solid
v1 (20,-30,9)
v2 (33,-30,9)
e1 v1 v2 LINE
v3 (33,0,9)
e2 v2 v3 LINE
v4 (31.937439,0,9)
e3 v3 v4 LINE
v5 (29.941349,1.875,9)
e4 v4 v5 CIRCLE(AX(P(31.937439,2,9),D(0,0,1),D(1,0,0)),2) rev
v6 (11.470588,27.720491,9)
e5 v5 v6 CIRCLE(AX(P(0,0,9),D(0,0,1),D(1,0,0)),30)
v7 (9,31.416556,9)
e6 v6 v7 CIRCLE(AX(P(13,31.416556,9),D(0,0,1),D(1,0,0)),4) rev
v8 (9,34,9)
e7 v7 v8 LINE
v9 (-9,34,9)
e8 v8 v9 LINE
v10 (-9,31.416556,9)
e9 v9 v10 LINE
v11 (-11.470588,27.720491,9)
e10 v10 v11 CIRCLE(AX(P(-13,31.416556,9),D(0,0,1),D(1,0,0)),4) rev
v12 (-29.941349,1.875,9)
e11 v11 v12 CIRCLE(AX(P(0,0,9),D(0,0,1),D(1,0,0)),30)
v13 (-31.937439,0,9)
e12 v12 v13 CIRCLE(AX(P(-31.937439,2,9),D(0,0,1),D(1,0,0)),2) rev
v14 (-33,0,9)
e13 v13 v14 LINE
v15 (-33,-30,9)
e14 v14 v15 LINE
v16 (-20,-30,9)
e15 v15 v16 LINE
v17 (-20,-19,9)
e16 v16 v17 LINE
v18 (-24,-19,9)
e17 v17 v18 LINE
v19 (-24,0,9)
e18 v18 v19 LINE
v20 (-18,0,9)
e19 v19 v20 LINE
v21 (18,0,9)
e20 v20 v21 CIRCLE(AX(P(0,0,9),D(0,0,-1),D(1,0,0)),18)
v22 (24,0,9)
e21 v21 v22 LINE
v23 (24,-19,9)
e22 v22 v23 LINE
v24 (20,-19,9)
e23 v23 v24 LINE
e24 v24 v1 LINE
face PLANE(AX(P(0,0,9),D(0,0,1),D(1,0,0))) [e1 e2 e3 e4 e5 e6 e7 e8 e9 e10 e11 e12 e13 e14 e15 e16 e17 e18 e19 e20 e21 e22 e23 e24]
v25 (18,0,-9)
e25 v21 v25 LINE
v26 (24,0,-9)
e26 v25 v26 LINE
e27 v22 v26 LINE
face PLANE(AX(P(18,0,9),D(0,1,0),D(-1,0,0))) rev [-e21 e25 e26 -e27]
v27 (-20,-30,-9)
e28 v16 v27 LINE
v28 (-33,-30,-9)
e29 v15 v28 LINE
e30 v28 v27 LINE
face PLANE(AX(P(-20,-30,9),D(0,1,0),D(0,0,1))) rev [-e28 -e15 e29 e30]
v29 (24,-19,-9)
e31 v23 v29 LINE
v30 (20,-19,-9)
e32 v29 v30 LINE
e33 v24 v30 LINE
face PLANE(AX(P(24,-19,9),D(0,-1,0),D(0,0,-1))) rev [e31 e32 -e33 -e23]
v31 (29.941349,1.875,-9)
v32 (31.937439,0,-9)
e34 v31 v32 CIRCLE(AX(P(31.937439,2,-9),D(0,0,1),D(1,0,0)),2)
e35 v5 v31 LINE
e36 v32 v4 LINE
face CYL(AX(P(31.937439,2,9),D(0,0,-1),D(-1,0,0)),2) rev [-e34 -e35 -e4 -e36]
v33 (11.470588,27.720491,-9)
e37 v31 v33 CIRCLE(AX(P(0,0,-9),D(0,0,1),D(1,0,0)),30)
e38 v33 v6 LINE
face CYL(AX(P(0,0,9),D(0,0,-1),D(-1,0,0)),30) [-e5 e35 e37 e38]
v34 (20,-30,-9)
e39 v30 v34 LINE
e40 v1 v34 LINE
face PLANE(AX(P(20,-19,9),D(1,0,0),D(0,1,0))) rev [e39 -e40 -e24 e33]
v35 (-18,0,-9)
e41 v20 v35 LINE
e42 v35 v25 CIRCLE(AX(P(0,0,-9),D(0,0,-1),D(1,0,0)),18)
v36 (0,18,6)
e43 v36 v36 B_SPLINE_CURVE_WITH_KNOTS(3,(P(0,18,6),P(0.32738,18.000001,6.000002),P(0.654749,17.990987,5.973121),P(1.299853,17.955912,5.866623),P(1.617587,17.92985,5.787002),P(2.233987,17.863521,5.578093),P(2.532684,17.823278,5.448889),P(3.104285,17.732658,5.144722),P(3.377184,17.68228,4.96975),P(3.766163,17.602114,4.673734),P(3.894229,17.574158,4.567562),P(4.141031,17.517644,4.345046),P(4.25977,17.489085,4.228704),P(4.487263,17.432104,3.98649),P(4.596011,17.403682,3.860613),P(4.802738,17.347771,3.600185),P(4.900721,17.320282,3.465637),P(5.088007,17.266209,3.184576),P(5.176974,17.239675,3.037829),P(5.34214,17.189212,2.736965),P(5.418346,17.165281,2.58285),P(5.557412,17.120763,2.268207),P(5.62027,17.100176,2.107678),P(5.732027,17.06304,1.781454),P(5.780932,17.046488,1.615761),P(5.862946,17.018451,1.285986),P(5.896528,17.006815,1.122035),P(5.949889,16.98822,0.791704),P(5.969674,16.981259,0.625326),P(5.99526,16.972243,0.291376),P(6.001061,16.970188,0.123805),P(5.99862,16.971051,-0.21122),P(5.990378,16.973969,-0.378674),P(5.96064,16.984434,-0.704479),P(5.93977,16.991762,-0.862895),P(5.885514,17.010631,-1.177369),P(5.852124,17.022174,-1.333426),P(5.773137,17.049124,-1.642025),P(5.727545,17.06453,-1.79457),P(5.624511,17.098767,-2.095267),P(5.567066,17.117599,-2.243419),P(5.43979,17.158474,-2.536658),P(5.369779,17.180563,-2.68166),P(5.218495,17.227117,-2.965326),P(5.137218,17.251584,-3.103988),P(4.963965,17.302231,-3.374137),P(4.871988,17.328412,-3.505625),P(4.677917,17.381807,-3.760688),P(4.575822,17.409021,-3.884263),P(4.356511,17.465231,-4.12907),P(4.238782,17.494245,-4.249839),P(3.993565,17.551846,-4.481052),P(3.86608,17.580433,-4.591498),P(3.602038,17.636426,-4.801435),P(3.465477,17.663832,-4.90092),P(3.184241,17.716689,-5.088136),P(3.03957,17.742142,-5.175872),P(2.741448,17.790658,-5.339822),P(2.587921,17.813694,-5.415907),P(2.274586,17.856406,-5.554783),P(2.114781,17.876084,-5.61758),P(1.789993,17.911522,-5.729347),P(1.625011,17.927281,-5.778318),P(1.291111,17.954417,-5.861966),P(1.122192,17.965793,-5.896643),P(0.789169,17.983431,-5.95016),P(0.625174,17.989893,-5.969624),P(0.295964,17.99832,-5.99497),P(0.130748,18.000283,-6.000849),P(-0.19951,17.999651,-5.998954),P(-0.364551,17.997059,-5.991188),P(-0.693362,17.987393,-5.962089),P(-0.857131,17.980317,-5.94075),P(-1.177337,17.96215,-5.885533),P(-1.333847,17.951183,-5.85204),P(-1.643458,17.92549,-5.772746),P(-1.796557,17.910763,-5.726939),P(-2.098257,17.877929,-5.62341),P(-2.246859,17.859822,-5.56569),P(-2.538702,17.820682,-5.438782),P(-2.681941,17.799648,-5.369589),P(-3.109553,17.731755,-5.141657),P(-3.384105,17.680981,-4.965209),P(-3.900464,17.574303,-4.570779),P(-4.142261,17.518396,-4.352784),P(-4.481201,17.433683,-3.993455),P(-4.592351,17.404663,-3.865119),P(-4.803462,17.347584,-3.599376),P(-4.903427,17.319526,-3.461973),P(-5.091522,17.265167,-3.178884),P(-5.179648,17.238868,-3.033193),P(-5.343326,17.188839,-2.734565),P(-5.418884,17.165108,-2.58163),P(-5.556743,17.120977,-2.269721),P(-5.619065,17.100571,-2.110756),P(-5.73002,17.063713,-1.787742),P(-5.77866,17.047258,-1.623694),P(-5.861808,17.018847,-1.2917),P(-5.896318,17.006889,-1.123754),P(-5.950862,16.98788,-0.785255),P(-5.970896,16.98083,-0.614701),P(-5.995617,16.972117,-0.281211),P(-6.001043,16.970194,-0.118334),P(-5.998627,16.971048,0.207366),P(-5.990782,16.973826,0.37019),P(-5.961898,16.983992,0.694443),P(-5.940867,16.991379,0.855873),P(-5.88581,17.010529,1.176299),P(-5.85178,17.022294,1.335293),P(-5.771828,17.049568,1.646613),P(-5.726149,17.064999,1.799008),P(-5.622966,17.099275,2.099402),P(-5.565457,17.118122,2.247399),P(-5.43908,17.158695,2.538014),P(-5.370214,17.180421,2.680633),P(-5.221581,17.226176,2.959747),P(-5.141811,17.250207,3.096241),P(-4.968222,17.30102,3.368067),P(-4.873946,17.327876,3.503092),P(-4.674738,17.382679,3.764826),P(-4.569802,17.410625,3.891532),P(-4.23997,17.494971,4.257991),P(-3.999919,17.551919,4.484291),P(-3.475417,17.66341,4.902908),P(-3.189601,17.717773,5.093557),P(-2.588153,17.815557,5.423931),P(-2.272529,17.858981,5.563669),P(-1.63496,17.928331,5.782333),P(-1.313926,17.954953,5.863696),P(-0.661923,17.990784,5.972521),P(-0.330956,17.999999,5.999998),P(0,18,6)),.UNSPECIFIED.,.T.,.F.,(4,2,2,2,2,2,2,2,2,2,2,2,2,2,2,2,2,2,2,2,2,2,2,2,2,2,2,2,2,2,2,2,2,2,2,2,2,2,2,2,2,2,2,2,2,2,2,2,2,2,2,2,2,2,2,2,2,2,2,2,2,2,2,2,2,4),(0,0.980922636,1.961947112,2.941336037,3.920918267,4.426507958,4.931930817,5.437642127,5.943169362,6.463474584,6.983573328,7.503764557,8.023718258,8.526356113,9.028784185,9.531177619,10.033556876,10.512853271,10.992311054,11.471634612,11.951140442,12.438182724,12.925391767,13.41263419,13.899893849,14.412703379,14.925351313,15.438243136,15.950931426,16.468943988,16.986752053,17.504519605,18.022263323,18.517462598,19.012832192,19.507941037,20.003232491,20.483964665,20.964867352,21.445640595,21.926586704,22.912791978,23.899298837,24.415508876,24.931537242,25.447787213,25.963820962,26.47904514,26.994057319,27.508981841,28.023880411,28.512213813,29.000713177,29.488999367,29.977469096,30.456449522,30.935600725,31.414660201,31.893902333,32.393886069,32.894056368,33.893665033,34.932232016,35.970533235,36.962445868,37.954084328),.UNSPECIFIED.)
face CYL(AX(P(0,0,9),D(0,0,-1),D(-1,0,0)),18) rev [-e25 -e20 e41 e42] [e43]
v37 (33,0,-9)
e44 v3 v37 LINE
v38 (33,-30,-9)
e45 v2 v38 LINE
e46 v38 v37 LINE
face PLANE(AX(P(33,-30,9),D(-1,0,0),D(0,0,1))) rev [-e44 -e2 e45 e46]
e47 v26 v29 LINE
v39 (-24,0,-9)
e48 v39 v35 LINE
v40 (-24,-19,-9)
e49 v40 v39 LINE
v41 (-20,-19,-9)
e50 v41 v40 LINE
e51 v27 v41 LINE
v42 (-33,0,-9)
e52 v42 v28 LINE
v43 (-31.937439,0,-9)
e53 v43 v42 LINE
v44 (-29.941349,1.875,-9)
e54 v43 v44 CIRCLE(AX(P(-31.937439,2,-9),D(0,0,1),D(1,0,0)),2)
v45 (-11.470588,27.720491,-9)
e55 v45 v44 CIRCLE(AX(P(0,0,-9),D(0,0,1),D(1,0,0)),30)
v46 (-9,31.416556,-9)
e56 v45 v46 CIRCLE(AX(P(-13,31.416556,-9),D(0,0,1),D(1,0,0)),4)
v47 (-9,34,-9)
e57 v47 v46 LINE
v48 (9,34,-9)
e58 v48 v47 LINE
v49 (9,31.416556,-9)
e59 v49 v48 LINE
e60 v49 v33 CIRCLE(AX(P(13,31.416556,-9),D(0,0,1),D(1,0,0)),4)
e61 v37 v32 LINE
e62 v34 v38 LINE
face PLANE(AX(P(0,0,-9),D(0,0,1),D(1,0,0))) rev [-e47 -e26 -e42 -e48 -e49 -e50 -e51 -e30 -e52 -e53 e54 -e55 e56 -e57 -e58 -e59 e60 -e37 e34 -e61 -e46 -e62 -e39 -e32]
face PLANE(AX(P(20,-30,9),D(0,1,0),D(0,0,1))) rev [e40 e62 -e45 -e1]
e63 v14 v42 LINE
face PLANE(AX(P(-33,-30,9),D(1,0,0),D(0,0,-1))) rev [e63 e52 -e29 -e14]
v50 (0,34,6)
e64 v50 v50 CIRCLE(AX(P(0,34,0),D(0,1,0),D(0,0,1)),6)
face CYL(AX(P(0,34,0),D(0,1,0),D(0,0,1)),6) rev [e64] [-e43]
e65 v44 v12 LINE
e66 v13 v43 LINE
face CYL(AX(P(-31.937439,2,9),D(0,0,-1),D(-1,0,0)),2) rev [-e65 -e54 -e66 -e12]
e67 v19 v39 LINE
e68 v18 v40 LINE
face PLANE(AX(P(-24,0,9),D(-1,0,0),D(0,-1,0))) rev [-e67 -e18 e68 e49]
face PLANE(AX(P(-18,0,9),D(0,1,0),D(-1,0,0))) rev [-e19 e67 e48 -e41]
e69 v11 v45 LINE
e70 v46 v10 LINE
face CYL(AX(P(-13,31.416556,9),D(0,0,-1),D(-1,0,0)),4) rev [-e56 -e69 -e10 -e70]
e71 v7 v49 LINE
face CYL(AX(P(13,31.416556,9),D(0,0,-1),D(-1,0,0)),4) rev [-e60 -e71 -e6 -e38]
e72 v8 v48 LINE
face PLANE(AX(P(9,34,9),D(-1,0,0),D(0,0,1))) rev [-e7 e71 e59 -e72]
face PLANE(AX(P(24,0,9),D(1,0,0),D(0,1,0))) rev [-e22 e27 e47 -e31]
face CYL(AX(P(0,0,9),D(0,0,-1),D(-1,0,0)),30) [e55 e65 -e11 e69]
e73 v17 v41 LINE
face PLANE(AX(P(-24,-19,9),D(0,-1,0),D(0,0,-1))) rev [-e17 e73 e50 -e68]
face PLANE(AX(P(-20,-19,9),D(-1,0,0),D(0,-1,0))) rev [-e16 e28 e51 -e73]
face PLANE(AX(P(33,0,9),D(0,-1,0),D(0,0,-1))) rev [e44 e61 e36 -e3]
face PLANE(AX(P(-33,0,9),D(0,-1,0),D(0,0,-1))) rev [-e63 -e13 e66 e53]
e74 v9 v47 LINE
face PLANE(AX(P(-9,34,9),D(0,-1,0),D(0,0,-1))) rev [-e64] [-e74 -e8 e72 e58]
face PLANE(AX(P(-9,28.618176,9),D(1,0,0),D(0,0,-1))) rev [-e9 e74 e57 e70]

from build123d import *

# Parameters (mm, degrees)
BOSS_EXTRUDE1_DEPTH = 9
FILLET1_R           = 4
FILLET2_R           = 2
HOLE1_D             = 12


with BuildPart() as part:
    # Sketch1 → Boss-Extrude1 (new, symmetric)
    with BuildSketch(Plane.XY):
        with BuildLine():
            Line((-18, 0), (-24, 0))
            Line((-24, 0), (-24, -19))
            Line((-24, -19), (-20, -19))
            Line((-20, -19), (-20, -30))
            Line((-20, -30), (-33, -30))
            Line((-33, -30), (-33, 0))
            Line((-33, 0), (-30, 0))
            ThreePointArc((-30, 0), (-24.186773245, 17.748239349), (-9, 28.618176043))
            Line((-9, 28.618176043), (-9, 34))
            Line((-9, 34), (9, 34))
            Line((9, 34), (9, 28.618176043))
            ThreePointArc((9, 28.618176043), (24.186773245, 17.748239349), (30, 0))
            Line((30, 0), (33, 0))
            Line((33, 0), (33, -30))
            Line((33, -30), (20, -30))
            Line((20, -30), (20, -19))
            Line((20, -19), (24, -19))
            Line((24, -19), (24, 0))
            Line((24, 0), (18, 0))
            ThreePointArc((18, 0), (0, 18), (-18, 0))
        make_face()
    extrude(amount=BOSS_EXTRUDE1_DEPTH, both=True)

    # Fillet1
    fillet1_edges = [part.edges().sort_by_distance(p)[0] for p in [
        (-9, 28.618176043, 0),
        (9, 28.618176043, 0),
    ]]
    fillet(fillet1_edges, radius=FILLET1_R)

    # Fillet2
    fillet2_edges = [part.edges().sort_by_distance(p)[0] for p in [
        (30, 0, 0),
        (-30, 0, 0),
    ]]
    fillet(fillet2_edges, radius=FILLET2_R)

    # Hole1 (through all)
    with Locations(Plane(origin=(0, 34, 0), x_dir=(1, 0, 0), z_dir=(0, 1, 0))):
        with Locations((0, 0)):
            Hole(HOLE1_D / 2)


solid = part.part
